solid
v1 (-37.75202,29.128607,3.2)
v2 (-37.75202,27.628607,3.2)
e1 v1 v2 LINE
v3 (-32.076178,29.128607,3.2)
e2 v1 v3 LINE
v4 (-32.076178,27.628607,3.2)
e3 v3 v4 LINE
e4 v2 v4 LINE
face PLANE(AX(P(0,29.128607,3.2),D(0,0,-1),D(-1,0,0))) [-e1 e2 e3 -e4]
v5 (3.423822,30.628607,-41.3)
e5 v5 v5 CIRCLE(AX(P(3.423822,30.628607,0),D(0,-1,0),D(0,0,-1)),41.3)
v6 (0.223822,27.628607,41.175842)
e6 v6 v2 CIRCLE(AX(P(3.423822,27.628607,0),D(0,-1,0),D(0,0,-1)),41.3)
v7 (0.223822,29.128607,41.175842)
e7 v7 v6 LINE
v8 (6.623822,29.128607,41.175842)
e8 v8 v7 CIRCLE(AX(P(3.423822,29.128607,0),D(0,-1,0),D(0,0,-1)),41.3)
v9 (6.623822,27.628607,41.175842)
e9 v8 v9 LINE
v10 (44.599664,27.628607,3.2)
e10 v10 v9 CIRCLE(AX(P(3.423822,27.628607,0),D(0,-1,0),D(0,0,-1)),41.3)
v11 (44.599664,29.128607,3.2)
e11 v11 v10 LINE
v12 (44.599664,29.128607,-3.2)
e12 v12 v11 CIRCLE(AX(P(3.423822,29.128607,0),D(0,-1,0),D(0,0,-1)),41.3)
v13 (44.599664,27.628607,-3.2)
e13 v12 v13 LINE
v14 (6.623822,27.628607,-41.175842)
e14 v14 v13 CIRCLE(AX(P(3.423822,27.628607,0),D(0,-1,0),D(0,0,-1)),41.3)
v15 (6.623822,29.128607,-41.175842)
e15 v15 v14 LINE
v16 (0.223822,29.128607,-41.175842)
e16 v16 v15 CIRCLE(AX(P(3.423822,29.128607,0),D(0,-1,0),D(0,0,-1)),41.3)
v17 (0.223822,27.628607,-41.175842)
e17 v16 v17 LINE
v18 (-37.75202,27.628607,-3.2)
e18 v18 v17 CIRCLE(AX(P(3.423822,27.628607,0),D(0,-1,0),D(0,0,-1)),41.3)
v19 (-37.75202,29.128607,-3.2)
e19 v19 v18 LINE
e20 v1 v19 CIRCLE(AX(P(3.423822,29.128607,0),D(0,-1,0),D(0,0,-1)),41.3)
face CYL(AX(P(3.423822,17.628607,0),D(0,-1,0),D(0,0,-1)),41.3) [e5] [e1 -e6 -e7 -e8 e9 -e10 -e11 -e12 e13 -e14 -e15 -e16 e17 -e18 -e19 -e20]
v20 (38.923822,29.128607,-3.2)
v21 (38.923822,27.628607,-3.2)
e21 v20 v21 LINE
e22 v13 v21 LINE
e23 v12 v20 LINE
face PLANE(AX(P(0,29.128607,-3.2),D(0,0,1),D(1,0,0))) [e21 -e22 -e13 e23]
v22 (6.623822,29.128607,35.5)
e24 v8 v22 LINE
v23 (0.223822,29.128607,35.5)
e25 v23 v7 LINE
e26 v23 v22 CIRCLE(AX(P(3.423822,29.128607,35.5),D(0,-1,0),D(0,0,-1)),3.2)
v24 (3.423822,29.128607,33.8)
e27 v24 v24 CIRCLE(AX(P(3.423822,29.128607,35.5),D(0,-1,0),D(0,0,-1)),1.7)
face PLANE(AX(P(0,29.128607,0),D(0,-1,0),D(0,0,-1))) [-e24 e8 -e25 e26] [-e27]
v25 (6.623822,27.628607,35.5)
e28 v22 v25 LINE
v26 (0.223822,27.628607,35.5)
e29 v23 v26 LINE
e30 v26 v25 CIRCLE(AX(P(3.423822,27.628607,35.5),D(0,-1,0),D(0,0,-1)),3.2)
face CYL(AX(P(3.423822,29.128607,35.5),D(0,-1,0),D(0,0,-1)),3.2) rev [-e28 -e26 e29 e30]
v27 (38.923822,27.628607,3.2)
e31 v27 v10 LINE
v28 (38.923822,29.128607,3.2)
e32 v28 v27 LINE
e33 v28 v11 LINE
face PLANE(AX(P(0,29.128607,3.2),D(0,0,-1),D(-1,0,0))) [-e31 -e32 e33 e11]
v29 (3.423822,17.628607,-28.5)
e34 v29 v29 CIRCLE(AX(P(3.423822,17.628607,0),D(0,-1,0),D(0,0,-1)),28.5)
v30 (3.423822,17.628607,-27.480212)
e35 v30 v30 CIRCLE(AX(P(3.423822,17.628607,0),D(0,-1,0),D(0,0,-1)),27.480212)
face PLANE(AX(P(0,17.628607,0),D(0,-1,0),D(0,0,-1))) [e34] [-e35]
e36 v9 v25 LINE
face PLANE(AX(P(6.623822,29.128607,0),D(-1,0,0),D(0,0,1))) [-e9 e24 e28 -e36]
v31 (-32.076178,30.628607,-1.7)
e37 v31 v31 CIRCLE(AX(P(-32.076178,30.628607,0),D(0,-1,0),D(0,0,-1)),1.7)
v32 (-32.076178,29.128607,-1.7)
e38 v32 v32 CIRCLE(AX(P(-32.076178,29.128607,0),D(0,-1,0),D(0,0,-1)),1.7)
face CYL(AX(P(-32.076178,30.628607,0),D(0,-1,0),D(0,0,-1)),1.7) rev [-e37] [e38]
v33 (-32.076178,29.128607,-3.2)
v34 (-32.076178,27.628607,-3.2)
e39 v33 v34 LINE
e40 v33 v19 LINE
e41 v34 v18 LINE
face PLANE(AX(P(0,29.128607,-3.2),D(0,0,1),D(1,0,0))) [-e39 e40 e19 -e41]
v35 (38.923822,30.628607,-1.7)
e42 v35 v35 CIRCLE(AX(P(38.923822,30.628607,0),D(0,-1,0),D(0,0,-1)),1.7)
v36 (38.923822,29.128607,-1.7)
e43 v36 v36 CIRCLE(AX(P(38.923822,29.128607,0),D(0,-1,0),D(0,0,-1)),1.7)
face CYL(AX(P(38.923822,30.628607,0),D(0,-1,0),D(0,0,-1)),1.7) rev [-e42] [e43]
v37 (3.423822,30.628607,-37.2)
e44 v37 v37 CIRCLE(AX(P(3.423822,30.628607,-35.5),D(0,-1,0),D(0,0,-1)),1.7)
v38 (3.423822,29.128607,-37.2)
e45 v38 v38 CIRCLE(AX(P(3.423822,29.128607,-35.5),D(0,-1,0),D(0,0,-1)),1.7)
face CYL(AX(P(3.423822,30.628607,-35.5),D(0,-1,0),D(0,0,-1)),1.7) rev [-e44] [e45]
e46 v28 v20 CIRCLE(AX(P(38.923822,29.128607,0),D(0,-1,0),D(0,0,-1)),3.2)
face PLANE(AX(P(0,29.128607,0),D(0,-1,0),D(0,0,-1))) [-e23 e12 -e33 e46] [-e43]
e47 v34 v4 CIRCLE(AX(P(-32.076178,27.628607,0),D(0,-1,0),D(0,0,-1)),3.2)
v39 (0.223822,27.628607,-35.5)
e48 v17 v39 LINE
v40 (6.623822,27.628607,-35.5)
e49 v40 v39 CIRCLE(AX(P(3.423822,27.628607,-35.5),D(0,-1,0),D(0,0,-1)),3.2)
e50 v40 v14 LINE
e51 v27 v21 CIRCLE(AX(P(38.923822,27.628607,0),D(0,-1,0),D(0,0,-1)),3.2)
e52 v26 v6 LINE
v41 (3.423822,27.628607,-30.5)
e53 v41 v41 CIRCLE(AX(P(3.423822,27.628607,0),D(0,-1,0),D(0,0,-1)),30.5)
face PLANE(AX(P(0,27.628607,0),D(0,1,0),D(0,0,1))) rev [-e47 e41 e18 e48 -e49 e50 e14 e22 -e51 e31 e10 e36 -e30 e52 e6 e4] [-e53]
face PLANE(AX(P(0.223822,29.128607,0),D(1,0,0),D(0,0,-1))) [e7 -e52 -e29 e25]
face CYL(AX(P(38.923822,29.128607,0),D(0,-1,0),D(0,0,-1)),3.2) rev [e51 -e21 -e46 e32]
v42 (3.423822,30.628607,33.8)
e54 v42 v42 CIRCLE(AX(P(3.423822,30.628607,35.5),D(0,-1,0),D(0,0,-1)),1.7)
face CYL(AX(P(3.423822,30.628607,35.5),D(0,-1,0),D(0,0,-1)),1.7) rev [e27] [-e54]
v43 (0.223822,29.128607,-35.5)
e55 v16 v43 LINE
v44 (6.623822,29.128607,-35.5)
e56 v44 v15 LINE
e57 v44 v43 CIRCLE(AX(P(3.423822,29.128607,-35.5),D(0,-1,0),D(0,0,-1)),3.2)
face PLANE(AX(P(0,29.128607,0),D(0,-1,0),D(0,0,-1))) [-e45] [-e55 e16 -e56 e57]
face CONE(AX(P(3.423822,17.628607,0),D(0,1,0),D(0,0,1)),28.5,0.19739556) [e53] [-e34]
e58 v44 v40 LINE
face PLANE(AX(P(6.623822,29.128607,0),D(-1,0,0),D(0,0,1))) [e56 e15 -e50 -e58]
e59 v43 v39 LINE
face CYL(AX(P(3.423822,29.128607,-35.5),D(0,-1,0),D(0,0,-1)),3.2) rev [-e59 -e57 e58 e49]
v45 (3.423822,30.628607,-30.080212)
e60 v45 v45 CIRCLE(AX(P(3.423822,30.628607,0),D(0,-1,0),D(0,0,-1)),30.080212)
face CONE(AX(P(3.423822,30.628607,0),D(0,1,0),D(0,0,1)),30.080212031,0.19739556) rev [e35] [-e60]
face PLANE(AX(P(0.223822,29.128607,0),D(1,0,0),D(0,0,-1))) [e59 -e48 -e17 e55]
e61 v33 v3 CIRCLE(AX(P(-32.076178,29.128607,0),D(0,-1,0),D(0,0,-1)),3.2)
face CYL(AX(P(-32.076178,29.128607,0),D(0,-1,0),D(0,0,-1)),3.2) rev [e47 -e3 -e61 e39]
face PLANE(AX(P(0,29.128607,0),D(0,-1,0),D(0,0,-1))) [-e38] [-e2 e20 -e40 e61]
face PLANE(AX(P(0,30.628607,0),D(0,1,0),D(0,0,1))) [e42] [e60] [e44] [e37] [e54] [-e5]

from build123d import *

# Parameters (mm, degrees)
SKETCH3_R          = 1.7
CUT_EXTRUDE1_DEPTH = 1.5
SKETCH3_3_R        = 1.7
CUT_EXTRUDE2_DEPTH = 62.692059893


with BuildPart() as part:
    # Sketch2 → Revolve1 (revolve)
    with BuildSketch(Plane.XY):
        Polygon((-37.876178005, 30.628606655), (-37.876178005, 27.628606655), (-27.076178005, 27.628606655), (-25.076178005, 17.628606655), (-24.056390036, 17.628606655), (-26.656390036, 30.628606655), align=None)
    revolve(axis=Axis((3.423821995, 17.628606655, 0), (0, 1, 0)))

    # Sketch3 → Cut-Extrude1 (cut)
    # profile 1 of 4: a face of its own
    with BuildSketch(Plane.XZ.offset(-27.628606655)):
        with BuildLine():
            Line((38.923821995, -3.2), (44.599664427, -3.2))
            ThreePointArc((44.599664427, -3.2), (44.723821995, 0), (44.599664427, 3.2))
            Line((44.599664427, 3.2), (38.923821995, 3.2))
            ThreePointArc((38.923821995, 3.2), (35.723821995, 0), (38.923821995, -3.2))
        make_face()
        with Locations((38.923821995, 0)):
            Circle(SKETCH3_R, mode=Mode.SUBTRACT)
    # profile 2 of 4: a face of its own
    with BuildSketch(Plane.XZ.offset(-27.628606655)):
        with BuildLine():
            ThreePointArc((0.223821995, -41.175842432), (3.423821995, -41.3), (6.623821995, -41.175842432))
            Line((6.623821995, -41.175842432), (6.623821995, -35.5))
            ThreePointArc((6.623821995, -35.5), (3.423821995, -32.3), (0.223821995, -35.5))
            Line((0.223821995, -35.5), (0.223821995, -41.175842432))
        make_face()
        with Locations((3.423821995, -35.5)):
            Circle(SKETCH3_R, mode=Mode.SUBTRACT)
    # profile 3 of 4: a face of its own
    with BuildSketch(Plane.XZ.offset(-27.628606655)):
        with BuildLine():
            ThreePointArc((-37.752020437, 3.2), (-37.876178005, 0), (-37.752020437, -3.2))
            Line((-37.752020437, -3.2), (-32.076178005, -3.2))
            ThreePointArc((-32.076178005, -3.2), (-28.876178005, 0), (-32.076178005, 3.2))
            Line((-32.076178005, 3.2), (-37.752020437, 3.2))
        make_face()
        with Locations((-32.076178005, 0)):
            Circle(SKETCH3_R, mode=Mode.SUBTRACT)
    # profile 4 of 4: a face of its own
    with BuildSketch(Plane.XZ.offset(-27.628606655)):
        with BuildLine():
            Line((6.623821995, 35.5), (6.623821995, 41.175842432))
            ThreePointArc((6.623821995, 41.175842432), (3.423821995, 41.3), (0.223821995, 41.175842432))
            Line((0.223821995, 41.175842432), (0.223821995, 35.5))
            ThreePointArc((0.223821995, 35.5), (3.423821995, 32.3), (6.623821995, 35.5))
        make_face()
        with Locations((3.423821995, 35.5)):
            Circle(SKETCH3_R, mode=Mode.SUBTRACT)
    extrude(amount=-CUT_EXTRUDE1_DEPTH, mode=Mode.SUBTRACT)

    # Sketch3<3> → Cut-Extrude2 (cut, through all)
    with BuildSketch(Plane.XZ.offset(-27.628606655)):
        with Locations((3.423821995, 35.5)):
            Circle(SKETCH3_3_R)
        with Locations((-32.076178005, 0)):
            Circle(SKETCH3_3_R)
        with Locations((3.423821995, -35.5)):
            Circle(SKETCH3_3_R)
        with Locations((38.923821995, 0)):
            Circle(SKETCH3_3_R)
    extrude(amount=-CUT_EXTRUDE2_DEPTH, mode=Mode.SUBTRACT)


solid = part.part
